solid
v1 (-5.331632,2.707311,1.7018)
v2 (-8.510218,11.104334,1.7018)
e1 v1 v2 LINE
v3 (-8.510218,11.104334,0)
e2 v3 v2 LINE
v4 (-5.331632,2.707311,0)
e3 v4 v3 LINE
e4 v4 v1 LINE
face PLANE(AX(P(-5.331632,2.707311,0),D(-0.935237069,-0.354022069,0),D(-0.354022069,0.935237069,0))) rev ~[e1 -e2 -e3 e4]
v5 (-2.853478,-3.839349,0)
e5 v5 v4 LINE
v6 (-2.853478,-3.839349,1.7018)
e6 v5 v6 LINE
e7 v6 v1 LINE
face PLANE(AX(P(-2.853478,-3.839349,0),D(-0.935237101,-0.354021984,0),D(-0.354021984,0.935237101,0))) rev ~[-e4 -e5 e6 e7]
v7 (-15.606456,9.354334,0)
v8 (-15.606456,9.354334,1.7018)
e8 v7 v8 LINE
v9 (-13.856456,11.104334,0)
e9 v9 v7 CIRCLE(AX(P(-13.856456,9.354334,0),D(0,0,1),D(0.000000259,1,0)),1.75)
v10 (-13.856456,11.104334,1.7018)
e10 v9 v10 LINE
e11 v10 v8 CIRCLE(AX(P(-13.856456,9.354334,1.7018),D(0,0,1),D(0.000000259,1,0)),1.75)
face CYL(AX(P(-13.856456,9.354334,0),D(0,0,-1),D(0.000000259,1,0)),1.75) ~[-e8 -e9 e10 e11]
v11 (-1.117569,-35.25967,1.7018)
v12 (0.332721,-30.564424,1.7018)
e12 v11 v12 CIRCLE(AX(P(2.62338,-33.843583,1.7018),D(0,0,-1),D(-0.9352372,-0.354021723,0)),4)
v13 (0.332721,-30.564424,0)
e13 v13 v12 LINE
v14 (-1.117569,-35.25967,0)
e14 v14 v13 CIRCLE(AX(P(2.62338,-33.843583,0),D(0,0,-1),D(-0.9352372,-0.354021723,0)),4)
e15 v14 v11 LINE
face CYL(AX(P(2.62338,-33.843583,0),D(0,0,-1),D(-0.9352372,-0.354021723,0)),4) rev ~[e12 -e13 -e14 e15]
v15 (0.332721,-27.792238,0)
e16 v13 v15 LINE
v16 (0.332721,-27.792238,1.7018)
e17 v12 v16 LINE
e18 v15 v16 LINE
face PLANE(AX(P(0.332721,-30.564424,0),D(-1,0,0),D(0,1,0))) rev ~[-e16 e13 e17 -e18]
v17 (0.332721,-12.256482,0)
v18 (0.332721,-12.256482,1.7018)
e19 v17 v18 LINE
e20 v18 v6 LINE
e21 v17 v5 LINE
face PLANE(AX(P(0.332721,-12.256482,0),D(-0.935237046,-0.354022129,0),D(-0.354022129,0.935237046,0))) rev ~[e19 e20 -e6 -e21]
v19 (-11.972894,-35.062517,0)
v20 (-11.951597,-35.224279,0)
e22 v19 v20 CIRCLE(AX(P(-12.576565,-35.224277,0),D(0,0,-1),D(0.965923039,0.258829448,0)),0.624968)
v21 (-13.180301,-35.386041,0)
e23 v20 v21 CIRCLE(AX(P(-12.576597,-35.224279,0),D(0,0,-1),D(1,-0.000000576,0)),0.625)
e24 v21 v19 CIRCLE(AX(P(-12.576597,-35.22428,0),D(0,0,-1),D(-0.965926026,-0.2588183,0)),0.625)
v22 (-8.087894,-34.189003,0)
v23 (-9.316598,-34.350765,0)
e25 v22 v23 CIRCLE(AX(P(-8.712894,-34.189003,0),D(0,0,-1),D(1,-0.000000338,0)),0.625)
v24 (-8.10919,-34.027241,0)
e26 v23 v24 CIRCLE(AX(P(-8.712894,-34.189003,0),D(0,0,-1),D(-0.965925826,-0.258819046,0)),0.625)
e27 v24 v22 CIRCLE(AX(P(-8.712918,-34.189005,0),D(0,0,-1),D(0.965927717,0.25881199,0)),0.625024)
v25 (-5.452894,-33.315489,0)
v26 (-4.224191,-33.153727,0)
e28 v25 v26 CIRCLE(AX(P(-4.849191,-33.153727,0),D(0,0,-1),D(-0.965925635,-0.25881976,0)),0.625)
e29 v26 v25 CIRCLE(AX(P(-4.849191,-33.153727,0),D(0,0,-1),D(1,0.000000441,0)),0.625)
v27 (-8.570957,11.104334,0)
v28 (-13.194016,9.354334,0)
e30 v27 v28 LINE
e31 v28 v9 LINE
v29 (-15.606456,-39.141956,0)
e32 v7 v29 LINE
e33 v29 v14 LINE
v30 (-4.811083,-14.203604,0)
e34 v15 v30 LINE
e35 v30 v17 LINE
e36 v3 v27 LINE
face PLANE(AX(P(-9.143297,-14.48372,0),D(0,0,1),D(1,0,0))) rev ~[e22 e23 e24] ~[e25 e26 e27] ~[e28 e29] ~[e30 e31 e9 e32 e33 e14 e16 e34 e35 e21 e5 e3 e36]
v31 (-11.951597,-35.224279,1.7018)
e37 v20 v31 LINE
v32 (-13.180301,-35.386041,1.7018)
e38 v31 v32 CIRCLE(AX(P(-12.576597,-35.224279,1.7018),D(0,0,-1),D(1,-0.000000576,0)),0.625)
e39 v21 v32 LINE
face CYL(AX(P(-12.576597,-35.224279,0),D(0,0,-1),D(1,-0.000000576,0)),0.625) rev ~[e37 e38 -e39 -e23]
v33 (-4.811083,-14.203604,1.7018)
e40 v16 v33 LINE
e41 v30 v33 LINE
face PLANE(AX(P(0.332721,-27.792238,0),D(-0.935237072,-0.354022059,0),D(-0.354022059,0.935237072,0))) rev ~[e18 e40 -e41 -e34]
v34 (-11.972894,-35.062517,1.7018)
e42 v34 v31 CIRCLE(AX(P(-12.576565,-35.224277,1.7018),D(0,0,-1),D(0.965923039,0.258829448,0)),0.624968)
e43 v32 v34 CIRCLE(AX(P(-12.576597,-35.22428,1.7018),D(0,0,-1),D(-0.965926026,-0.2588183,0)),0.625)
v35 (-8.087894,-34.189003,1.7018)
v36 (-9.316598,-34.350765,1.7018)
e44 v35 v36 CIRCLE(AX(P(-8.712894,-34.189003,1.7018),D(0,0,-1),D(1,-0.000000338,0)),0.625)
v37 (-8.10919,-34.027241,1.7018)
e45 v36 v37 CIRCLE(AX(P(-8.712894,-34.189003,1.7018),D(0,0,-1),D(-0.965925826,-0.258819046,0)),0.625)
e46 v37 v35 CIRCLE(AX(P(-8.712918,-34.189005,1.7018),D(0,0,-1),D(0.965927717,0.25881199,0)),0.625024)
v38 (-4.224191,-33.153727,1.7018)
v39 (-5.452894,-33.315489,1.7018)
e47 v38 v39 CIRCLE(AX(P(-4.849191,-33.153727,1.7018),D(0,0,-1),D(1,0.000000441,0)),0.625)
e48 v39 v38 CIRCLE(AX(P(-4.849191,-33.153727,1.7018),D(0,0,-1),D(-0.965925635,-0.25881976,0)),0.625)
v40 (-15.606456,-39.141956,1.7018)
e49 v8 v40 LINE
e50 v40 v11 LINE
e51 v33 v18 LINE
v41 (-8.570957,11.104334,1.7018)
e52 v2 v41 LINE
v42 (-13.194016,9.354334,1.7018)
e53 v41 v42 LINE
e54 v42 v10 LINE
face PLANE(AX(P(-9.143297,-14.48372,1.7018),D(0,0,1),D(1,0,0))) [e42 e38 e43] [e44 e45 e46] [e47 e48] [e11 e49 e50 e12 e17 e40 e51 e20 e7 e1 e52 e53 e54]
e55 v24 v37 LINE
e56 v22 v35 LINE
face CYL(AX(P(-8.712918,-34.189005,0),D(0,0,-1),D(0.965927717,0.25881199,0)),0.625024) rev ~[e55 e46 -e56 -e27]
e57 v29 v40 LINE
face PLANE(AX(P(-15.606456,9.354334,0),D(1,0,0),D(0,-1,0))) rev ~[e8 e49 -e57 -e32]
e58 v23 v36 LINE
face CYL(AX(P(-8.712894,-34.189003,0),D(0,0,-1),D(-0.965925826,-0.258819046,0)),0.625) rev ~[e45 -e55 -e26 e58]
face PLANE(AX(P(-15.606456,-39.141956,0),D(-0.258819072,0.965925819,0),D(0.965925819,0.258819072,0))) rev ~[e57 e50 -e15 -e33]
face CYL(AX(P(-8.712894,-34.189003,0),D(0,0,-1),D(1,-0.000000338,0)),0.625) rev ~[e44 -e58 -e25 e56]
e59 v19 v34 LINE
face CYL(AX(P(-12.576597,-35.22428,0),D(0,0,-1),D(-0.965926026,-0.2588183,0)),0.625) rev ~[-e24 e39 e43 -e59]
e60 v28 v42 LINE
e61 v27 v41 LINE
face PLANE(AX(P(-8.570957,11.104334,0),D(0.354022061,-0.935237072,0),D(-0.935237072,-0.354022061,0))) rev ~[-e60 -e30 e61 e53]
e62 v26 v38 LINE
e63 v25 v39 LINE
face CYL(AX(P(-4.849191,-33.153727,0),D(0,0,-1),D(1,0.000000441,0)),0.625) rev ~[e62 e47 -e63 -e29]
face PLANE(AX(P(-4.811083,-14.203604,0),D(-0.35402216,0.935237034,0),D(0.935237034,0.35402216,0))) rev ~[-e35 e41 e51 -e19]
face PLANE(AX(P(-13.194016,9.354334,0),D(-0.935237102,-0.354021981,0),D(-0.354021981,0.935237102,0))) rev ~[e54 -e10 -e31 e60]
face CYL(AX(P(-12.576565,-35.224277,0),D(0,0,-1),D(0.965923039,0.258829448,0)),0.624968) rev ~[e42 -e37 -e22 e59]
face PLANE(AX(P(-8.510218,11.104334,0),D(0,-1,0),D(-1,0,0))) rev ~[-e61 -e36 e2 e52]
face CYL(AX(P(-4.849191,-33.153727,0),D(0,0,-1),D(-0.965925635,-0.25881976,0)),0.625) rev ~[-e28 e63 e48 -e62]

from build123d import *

# Parameters (mm, degrees)
F1_DEPTH = 1.7018


with BuildPart() as f1:
    # F0 (on Top) → F1 (new body)
    with BuildSketch(Plane.XY):
        with BuildLine():
            Line((-13.194016, 9.354334), (-13.856456, 11.104334))
            ThreePointArc((-13.856456, 11.104334), (-15.093893, 10.591771), (-15.606456, 9.354334))
            Line((-15.606456, 9.354334), (-15.606456, -36.036127))
            Line((-15.606456, -36.036127), (-15.606456, -39.141956))
            Line((-15.606456, -39.141956), (-1.117569, -35.25967))
            ThreePointArc((-1.117569, -35.25967), (-1.198453, -32.663077), (0.332721, -30.564424))
            Line((0.332721, -30.564424), (0.332721, -27.792238))
            Line((0.332721, -27.792238), (-4.811083, -14.203604))
            Line((-4.811083, -14.203604), (0.332721, -12.256482))
            Line((0.332721, -12.256482), (-2.853478, -3.839349))
            Line((-2.853478, -3.839349), (-5.331632, 2.707311))
            Line((-5.331632, 2.707311), (-8.510218, 11.104334))
            Line((-8.510218, 11.104334), (-8.570957, 11.104334))
            Line((-8.570957, 11.104334), (-13.194016, 9.354334))
        make_face()
        with BuildLine():
            ThreePointArc((-11.951597, -35.224279), (-12.495019, -35.843932), (-13.180301, -35.386041))
            ThreePointArc((-13.180301, -35.386041), (-12.738359, -34.620576), (-11.972894, -35.062517))
            ThreePointArc((-11.972894, -35.062517), (-11.956944, -35.1427), (-11.951597, -35.224279))
        make_face(mode=Mode.SUBTRACT)
        with BuildLine():
            ThreePointArc((-8.087894, -34.189003), (-8.631315, -34.808656), (-9.316598, -34.350765))
            ThreePointArc((-9.316598, -34.350765), (-8.874656, -33.585299), (-8.10919, -34.027241))
            ThreePointArc((-8.10919, -34.027241), (-8.093241, -34.107424), (-8.087894, -34.189003))
        make_face(mode=Mode.SUBTRACT)
        with BuildLine():
            ThreePointArc((-4.224191, -33.153727), (-4.767612, -33.77338), (-5.452894, -33.315489))
            ThreePointArc((-5.452894, -33.315489), (-4.93077, -32.534074), (-4.224191, -33.153727))
        make_face(mode=Mode.SUBTRACT)
    extrude(amount=F1_DEPTH)


solid = f1.part
